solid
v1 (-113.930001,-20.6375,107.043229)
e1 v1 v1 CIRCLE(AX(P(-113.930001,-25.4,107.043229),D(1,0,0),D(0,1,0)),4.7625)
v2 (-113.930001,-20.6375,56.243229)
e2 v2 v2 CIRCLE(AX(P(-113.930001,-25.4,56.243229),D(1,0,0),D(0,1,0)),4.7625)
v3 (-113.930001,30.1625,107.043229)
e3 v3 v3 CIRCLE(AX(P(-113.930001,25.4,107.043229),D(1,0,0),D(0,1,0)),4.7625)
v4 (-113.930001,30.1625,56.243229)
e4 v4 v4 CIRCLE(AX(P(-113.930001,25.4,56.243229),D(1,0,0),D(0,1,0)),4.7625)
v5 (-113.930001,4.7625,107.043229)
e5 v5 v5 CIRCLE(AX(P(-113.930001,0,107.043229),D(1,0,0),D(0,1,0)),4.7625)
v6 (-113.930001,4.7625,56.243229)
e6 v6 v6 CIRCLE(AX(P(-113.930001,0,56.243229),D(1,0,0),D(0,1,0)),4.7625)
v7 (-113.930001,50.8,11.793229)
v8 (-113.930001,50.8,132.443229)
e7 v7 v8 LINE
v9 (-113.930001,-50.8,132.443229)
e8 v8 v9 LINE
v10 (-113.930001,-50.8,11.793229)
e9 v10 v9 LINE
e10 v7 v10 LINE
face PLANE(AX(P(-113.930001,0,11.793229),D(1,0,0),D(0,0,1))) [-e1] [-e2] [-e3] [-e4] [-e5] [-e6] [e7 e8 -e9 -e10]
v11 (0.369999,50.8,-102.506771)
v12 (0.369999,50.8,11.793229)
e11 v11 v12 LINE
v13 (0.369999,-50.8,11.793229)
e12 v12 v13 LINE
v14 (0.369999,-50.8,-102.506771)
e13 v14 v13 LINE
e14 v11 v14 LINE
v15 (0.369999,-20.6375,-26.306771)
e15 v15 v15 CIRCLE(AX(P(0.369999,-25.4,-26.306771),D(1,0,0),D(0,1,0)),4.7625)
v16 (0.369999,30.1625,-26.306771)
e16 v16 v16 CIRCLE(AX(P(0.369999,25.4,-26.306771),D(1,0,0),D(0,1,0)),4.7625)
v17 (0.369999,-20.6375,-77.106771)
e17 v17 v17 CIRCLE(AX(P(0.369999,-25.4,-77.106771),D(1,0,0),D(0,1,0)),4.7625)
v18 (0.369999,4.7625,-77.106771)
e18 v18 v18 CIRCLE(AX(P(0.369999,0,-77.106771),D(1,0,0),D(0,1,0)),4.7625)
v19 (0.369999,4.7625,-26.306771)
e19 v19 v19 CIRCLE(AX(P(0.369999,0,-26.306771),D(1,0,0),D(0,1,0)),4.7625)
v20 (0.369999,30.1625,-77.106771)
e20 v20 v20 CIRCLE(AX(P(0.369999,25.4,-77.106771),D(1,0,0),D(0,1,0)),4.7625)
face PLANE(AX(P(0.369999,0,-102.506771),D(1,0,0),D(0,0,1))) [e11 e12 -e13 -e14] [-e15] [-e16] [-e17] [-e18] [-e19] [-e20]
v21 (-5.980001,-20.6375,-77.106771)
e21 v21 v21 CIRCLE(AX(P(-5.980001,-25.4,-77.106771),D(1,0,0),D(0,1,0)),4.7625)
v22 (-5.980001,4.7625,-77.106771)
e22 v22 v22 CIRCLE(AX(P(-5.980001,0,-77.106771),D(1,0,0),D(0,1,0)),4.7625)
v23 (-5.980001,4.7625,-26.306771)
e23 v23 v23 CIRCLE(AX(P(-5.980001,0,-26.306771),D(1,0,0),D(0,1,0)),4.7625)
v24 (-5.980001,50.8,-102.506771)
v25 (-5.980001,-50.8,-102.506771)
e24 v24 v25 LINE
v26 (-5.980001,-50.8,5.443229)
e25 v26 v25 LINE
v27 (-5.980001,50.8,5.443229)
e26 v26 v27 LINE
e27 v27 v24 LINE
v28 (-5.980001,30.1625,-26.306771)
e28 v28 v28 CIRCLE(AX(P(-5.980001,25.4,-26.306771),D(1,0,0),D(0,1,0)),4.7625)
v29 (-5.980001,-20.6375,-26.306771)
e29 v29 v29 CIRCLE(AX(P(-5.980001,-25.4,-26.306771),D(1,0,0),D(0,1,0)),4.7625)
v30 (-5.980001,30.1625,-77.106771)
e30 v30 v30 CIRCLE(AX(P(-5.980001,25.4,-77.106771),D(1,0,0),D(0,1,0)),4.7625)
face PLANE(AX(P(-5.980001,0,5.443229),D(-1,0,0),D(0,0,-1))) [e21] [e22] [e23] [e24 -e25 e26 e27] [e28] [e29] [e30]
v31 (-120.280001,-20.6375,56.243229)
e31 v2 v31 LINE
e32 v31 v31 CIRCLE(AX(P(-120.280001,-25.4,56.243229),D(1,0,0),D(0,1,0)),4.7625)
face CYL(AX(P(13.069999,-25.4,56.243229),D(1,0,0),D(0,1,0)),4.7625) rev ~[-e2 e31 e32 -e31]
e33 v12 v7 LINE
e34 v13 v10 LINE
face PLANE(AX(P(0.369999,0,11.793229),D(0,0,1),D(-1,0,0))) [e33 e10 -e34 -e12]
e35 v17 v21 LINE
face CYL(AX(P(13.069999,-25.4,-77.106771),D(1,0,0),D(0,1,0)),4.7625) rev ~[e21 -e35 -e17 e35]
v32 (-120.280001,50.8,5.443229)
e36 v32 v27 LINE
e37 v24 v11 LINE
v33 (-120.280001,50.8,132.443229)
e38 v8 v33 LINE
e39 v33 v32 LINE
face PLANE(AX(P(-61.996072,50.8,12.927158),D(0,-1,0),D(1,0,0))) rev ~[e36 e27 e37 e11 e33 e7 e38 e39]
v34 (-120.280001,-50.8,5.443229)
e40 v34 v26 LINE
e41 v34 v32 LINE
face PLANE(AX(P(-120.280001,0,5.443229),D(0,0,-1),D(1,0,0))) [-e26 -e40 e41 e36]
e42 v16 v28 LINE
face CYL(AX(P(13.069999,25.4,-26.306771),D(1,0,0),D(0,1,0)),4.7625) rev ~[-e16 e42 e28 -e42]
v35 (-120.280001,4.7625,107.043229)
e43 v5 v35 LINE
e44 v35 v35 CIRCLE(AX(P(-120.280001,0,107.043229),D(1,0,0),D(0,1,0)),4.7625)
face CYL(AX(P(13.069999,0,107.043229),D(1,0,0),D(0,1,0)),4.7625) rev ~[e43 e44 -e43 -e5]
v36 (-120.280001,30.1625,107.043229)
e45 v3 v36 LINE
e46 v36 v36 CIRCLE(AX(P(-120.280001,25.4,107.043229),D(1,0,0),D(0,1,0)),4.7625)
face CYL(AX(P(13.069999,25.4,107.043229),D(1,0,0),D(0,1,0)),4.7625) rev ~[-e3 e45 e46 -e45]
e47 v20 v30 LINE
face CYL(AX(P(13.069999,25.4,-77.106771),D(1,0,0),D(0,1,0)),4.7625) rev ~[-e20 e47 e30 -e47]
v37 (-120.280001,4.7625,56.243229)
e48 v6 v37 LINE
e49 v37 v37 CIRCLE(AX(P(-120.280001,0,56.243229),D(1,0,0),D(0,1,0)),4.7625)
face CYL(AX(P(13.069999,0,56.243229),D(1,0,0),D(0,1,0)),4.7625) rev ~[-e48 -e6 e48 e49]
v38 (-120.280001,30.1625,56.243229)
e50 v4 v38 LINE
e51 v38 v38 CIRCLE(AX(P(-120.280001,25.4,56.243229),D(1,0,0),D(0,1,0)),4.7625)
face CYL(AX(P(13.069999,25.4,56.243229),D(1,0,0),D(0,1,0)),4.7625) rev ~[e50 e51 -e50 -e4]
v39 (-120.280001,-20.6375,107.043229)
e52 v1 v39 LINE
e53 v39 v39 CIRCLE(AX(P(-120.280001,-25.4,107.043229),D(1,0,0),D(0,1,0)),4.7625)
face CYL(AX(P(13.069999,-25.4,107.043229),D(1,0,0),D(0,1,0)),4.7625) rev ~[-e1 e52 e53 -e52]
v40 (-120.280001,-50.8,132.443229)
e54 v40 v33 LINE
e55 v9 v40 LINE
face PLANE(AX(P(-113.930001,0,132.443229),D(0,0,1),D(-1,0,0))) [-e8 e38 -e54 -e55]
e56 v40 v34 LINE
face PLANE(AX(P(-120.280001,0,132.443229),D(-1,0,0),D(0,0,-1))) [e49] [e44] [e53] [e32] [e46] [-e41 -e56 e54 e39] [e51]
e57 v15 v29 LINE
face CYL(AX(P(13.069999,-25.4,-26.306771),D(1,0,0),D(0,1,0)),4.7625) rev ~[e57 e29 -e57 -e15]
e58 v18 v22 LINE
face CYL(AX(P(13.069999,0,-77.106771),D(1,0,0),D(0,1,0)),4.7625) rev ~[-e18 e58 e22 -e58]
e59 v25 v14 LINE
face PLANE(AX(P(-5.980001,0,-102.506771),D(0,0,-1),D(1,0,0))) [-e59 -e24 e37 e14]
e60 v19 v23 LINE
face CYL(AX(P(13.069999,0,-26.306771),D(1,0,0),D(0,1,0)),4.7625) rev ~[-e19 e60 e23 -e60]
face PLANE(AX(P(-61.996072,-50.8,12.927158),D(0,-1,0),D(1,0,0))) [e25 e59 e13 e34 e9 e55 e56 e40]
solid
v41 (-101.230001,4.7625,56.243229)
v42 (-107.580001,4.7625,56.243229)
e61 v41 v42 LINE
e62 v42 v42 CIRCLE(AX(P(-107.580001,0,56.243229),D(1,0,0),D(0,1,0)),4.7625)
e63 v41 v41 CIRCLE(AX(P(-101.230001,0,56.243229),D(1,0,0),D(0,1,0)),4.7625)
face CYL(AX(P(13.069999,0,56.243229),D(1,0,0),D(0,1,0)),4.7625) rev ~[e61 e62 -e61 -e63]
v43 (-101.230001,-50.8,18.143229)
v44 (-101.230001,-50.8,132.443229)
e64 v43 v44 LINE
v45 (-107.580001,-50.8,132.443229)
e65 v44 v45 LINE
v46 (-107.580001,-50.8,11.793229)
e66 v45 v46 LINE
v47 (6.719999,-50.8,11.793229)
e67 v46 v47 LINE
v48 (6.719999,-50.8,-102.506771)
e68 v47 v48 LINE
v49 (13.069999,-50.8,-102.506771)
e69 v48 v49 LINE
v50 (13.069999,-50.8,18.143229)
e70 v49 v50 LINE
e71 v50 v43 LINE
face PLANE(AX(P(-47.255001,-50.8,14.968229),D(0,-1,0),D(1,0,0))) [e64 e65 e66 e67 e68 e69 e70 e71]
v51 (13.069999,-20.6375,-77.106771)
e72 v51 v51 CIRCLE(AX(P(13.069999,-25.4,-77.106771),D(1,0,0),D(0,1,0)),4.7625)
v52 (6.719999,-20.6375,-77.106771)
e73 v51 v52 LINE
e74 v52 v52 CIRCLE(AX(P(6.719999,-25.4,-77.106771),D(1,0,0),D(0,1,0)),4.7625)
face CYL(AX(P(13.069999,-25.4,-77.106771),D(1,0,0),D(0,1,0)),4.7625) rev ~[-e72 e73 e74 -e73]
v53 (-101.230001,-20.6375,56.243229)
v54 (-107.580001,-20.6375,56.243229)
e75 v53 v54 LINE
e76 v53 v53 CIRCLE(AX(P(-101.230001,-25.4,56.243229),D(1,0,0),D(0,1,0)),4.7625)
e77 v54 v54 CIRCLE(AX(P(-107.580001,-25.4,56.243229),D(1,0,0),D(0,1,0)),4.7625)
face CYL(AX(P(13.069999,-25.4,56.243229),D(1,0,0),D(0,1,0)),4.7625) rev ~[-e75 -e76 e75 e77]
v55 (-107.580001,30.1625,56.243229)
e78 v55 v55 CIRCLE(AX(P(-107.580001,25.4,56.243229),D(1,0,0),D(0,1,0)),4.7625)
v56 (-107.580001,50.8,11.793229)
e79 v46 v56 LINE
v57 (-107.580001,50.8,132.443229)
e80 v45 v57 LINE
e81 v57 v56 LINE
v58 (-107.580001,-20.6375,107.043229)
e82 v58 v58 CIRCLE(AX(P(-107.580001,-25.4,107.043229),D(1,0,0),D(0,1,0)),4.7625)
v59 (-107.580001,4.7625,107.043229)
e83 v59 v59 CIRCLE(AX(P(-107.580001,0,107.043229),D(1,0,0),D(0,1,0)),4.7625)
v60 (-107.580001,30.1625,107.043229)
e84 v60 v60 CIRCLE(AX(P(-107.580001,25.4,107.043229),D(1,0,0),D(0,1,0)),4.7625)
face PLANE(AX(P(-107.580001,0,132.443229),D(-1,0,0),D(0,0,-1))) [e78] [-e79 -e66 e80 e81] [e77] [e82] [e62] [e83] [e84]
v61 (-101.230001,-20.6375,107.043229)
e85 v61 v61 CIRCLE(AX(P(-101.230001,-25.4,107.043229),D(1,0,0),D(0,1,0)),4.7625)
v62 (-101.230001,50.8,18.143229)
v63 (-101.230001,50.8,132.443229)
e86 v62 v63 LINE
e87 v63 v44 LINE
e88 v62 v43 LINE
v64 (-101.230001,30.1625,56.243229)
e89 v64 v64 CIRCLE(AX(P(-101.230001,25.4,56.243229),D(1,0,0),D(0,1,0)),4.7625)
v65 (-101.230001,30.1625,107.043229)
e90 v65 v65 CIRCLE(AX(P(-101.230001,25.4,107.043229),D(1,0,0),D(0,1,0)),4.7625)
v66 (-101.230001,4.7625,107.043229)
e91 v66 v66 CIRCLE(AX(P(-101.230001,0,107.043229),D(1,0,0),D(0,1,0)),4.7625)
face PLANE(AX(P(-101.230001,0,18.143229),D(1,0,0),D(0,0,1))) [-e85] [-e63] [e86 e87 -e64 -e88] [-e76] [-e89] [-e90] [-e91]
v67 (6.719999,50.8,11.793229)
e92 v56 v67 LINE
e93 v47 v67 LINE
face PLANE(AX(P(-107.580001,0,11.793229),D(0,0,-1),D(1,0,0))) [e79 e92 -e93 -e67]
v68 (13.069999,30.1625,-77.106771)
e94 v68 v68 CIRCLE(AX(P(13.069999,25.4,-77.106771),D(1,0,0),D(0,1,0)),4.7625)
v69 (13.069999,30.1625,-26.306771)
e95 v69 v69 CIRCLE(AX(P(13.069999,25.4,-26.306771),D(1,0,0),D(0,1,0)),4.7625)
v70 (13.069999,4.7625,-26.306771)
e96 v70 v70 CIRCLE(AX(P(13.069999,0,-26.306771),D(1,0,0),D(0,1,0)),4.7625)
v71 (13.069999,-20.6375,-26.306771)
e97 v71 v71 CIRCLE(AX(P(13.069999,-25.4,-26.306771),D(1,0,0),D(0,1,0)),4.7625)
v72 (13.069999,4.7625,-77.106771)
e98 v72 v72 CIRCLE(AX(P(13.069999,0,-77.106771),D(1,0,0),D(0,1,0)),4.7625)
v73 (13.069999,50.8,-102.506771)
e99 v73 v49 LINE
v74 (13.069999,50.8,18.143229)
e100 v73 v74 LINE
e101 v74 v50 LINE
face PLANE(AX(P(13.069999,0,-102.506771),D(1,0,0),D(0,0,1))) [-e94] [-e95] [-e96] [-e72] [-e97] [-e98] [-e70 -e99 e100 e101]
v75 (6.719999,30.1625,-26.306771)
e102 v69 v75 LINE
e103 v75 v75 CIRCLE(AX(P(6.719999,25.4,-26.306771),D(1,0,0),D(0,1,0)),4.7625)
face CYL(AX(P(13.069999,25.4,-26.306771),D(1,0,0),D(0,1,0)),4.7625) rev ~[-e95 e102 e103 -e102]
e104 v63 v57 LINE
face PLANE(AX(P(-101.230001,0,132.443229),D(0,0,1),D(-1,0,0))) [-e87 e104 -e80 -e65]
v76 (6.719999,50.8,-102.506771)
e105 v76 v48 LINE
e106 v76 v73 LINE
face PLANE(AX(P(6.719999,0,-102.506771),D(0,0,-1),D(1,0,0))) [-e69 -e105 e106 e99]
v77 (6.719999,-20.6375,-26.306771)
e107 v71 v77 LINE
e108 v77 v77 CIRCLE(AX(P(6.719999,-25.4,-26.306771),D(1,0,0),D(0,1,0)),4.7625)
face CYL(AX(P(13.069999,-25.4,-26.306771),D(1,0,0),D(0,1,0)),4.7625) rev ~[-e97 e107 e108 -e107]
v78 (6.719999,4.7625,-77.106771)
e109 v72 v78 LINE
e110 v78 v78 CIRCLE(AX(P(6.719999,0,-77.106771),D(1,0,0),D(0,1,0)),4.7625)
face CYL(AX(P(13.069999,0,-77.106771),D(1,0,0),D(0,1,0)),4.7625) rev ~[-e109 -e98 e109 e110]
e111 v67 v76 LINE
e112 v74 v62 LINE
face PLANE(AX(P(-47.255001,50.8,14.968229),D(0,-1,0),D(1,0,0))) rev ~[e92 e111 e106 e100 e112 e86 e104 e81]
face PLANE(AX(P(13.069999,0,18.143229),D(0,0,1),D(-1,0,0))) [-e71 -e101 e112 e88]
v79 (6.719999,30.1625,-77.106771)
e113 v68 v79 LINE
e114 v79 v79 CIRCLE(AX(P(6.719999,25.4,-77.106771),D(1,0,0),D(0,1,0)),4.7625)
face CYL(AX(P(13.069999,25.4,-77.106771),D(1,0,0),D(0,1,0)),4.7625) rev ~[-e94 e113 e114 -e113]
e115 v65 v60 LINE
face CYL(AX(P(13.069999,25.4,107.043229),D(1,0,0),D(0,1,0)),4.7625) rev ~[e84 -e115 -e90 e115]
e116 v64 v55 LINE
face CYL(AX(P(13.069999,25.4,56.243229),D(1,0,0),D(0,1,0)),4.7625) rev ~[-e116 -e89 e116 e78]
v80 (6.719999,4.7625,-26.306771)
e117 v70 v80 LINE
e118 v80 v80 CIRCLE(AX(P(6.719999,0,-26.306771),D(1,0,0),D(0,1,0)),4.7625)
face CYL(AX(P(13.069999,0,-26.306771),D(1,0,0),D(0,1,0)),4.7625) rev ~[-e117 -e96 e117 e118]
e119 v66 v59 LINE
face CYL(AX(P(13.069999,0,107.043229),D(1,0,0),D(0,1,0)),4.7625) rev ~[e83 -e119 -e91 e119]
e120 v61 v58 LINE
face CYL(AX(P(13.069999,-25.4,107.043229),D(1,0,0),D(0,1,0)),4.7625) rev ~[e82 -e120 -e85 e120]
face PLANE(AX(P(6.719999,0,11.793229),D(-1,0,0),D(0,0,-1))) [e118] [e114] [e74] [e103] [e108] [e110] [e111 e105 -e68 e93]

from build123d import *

# Parameters (mm, degrees)
F1_DEPTH = 50.8
F3_DEPTH = 50.8
F4_R     = 4.7625
F5_DEPTH = 133.351


with BuildPart() as f1:
    # F0 (on Front) → F1 (new body, symmetric)
    with BuildSketch(Plane.XZ):
        Polygon((-5.980001, 5.443229), (-5.980001, -102.506771), (0.369999, -102.506771), (0.369999, 11.793229), (-113.930001, 11.793229), (-113.930001, 132.443229), (-120.280001, 132.443229), (-120.280001, 5.443229), align=None)
    extrude(amount=F1_DEPTH, both=True)


with BuildPart() as f3:
    # F2 (on Front) → F3 (new body, symmetric)
    with BuildSketch(Plane.XZ):
        Polygon((6.719999, 11.793229), (6.719999, -102.506771), (13.069999, -102.506771), (13.069999, 18.143229), (-101.230001, 18.143229), (-101.230001, 132.443229), (-107.580001, 132.443229), (-107.580001, 11.793229), align=None)
    extrude(amount=F3_DEPTH, both=True)


with BuildPart() as f5_tool:
    # F4 (on face) → F5 (new body, through all)
    with BuildSketch(Plane.YZ.offset(13.069999)):
        with Locations((-25.4, -77.106771)):
            Circle(F4_R)
        with Locations((-25.4, 107.043229)):
            Circle(F4_R)
        with Locations((-25.4, 56.243229)):
            Circle(F4_R)
        with Locations((0, 107.043229)):
            Circle(F4_R)
        with Locations((0, 56.243229)):
            Circle(F4_R)
        with Locations((25.4, 107.043229)):
            Circle(F4_R)
        with Locations((25.4, 56.243229)):
            Circle(F4_R)
        with Locations((-25.4, -26.306771)):
            Circle(F4_R)
        with Locations((0, -77.106771)):
            Circle(F4_R)
        with Locations((0, -26.306771)):
            Circle(F4_R)
        with Locations((25.4, -77.106771)):
            Circle(F4_R)
        with Locations((25.4, -26.306771)):
            Circle(F4_R)
    extrude(amount=-F5_DEPTH)


with BuildPart() as f1_1:
    add(f1.part)

    # F5: cut by f5_tool
    add(f5_tool.part, mode=Mode.SUBTRACT)


with BuildPart() as f3_1:
    add(f3.part)

    # F5: cut by f5_tool
    add(f5_tool.part, mode=Mode.SUBTRACT)


solid = Compound([f1_1.part, f3_1.part])
